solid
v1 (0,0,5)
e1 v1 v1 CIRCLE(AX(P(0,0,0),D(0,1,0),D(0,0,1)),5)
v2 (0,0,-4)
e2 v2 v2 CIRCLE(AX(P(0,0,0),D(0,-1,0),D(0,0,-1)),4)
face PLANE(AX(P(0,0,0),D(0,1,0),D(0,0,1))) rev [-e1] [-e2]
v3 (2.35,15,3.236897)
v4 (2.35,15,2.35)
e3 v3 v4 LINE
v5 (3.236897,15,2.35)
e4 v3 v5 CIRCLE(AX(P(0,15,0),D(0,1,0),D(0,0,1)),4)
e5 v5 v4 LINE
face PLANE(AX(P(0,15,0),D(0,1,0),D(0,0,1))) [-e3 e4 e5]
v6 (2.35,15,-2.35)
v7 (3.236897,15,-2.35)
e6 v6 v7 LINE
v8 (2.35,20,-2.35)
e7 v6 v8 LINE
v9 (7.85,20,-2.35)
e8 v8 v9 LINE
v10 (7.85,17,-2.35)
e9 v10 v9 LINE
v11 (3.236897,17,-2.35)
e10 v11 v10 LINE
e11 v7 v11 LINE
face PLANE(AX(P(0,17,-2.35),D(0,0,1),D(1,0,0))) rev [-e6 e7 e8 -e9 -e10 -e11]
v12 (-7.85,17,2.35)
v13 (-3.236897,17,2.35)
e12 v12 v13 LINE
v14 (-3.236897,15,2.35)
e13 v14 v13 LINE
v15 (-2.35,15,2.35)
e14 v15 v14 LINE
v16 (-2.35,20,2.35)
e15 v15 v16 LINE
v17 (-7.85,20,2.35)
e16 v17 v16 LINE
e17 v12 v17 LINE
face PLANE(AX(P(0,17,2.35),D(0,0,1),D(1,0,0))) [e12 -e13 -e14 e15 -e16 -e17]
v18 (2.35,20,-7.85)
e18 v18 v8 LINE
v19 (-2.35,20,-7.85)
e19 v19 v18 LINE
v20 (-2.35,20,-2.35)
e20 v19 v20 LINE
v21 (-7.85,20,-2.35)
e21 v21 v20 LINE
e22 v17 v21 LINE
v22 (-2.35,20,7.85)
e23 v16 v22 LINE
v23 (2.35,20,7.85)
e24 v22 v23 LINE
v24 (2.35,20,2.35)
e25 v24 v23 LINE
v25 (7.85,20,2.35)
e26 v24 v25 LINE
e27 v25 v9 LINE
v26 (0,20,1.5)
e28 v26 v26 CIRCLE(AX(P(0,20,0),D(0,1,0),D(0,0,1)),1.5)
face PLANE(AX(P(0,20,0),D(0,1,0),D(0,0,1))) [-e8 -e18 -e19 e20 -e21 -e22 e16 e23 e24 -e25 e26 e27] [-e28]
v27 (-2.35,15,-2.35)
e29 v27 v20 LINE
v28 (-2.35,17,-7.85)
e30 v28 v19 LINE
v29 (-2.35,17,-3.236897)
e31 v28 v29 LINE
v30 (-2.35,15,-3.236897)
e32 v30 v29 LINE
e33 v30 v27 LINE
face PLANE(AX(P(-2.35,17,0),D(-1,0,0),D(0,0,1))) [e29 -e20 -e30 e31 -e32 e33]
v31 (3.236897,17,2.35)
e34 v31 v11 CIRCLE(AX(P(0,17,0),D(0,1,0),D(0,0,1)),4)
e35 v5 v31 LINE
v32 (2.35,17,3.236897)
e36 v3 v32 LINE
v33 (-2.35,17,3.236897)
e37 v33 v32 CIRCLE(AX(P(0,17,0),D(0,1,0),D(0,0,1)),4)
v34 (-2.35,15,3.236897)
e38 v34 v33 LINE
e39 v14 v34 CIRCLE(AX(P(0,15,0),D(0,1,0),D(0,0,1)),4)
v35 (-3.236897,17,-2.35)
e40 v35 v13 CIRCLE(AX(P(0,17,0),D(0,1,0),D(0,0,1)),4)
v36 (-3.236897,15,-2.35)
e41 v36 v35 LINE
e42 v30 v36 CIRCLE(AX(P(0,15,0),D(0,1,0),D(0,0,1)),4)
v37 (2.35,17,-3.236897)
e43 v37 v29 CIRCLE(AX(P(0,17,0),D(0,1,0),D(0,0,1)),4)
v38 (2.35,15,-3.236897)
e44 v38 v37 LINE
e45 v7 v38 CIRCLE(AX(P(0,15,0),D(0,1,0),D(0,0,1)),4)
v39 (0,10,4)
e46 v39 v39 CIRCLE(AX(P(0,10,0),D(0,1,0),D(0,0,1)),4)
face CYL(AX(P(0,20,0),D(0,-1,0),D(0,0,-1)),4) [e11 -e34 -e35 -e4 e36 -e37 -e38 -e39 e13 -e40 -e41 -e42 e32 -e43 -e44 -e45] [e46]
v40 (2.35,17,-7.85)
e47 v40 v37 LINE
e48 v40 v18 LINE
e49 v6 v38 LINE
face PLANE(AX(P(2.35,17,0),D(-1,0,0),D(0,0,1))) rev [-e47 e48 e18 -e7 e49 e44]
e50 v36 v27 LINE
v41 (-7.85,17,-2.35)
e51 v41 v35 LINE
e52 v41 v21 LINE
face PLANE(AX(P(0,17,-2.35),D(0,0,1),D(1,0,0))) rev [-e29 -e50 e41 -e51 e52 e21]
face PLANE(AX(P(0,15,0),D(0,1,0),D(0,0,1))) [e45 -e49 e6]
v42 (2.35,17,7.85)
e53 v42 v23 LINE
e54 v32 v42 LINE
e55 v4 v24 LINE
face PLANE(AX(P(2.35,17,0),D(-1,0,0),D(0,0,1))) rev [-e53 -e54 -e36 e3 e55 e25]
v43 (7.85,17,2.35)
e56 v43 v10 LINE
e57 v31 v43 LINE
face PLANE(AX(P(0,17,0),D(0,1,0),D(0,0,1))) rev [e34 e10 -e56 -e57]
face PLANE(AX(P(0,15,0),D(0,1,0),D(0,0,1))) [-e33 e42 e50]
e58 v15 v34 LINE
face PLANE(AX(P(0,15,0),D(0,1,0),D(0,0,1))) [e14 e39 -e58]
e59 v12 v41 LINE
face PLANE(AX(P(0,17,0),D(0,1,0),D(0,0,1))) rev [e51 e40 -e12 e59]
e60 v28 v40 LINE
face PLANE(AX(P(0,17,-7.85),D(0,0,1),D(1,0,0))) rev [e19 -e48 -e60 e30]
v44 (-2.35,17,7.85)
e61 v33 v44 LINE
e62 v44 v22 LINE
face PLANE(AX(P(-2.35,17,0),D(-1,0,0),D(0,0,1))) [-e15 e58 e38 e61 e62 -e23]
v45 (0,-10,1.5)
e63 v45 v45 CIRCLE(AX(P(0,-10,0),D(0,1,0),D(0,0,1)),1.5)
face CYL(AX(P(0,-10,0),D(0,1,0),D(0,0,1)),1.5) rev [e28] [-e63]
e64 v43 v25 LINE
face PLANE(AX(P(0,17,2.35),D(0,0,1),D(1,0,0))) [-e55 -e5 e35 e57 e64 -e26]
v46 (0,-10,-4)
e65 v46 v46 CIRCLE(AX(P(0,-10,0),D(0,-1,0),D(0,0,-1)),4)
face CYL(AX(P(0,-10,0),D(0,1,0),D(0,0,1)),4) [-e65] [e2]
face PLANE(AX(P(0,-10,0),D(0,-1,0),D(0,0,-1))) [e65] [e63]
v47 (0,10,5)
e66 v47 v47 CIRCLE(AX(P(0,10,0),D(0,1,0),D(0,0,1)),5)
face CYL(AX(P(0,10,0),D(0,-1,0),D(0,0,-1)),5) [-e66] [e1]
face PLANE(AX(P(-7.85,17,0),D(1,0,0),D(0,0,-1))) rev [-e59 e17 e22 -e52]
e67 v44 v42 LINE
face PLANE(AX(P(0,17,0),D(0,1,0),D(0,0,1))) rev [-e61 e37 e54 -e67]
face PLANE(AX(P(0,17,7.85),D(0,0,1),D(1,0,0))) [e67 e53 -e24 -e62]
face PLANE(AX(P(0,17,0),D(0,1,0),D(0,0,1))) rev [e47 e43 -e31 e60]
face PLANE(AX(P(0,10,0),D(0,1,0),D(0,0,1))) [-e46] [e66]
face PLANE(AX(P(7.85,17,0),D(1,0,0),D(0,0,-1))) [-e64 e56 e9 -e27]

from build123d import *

# Parameters (mm, degrees)
SKETCH_1_R          = 5
EXTRUDE_4_DEPTH     = 10
SKETCH_4_R          = 4
EXTRUDE_5_DEPTH     = 10
EXTRUDE_START       = 10
SKETCH_5_R          = 4
EXTRUDE_6_DEPTH     = 10
EXTRUDE_START_2     = -3
SKETCH_6_W          = 4.7
SKETCH_6_H          = 4.7
EXTRUDE_7_DEPTH     = 3
CUT_EXTRUDE_START   = -5
CUT_EXTRUDE_1_DEPTH = 5
SKETCH_8_R          = 1.5
CUT_EXTRUDE_2_DEPTH = 32.98820095


with BuildPart() as part:
    # 草图1 → 凸台-拉伸4 (new body)
    with BuildSketch(Plane(origin=(0, 0, 0), x_dir=(1, 0, 0), z_dir=(0, 1, 0))):
        with Locations(Location((0, 0, 0), (0, 0, 270))):
            Circle(SKETCH_1_R)
    extrude(amount=EXTRUDE_4_DEPTH)

    # 草图4 → 凸台-拉伸5 (add)
    with BuildSketch(Plane(origin=(0, 10, 0), x_dir=(1, 0, 0), z_dir=(0, 1, 0))):
        with Locations(Location((0, 0, 0), (0, 0, 270))):
            Circle(SKETCH_4_R)
    extrude(amount=EXTRUDE_5_DEPTH)

    # 草图5 → 凸台-拉伸6 (add)
    with BuildSketch(Plane.XZ.offset(EXTRUDE_START)):
        with Locations(Location((0, 0, 0), (0, 0, 90))):
            Circle(SKETCH_5_R)
    extrude(amount=-EXTRUDE_6_DEPTH)

    # 草图6 → 凸台-拉伸7 (add)
    with BuildSketch(Plane(origin=(0, 20, 0), x_dir=(1, 0, 0), z_dir=(0, 1, 0)).offset(EXTRUDE_START_2)):
        with BuildLine():
            Line((-7.85, 2.35), (-7.85, -2.35))
            Line((-7.85, -2.35), (-3.236896662, -2.35))
            ThreePointArc((-3.236896662, -2.35), (-4, 0), (-3.236896662, 2.35))
            Line((-3.236896662, 2.35), (-7.85, 2.35))
        make_face()
        with BuildLine():
            Line((-2.35, 7.85), (-2.35, 3.236896662))
            ThreePointArc((-2.35, 3.236896662), (0, 4), (2.35, 3.236896662))
            Line((2.35, 3.236896662), (2.35, 7.85))
            Line((2.35, 7.85), (-2.35, 7.85))
        make_face()
        with BuildLine():
            ThreePointArc((4, 0), (3.804443892, -1.235397376), (3.236896662, -2.35))
            Line((3.236896662, -2.35), (7.85, -2.35))
            Line((7.85, -2.35), (7.85, 2.35))
            Line((7.85, 2.35), (3.236896662, 2.35))
            ThreePointArc((3.236896662, 2.35), (3.804443892, 1.235397376), (4, 0))
        make_face()
        with BuildLine():
            ThreePointArc((2.35, -3.236896662), (0, -4), (-2.35, -3.236896662))
            Line((-2.35, -3.236896662), (-2.35, -7.85))
            Line((-2.35, -7.85), (2.35, -7.85))
            Line((2.35, -7.85), (2.35, -3.236896662))
        make_face()
        with BuildLine():
            Line((2.35, -2.35), (-2.35, -2.35))
            Line((-2.35, -2.35), (-2.35, -3.236896662))
            ThreePointArc((-2.35, -3.236896662), (0, -4), (2.35, -3.236896662))
            Line((2.35, -3.236896662), (2.35, -2.35))
        make_face()
        with BuildLine():
            Line((2.35, 2.35), (2.35, -2.35))
            Line((2.35, -2.35), (3.236896662, -2.35))
            ThreePointArc((3.236896662, -2.35), (3.804443892, -1.235397376), (4, 0))
            ThreePointArc((4, 0), (3.804443892, 1.235397376), (3.236896662, 2.35))
            Line((3.236896662, 2.35), (2.35, 2.35))
        make_face()
        with BuildLine():
            Line((-2.35, 3.236896662), (-2.35, 2.35))
            Line((-2.35, 2.35), (2.35, 2.35))
            Line((2.35, 2.35), (2.35, 3.236896662))
            ThreePointArc((2.35, 3.236896662), (0, 4), (-2.35, 3.236896662))
        make_face()
        with BuildLine():
            ThreePointArc((-3.236896662, 2.35), (-4, 0), (-3.236896662, -2.35))
            Line((-3.236896662, -2.35), (-2.35, -2.35))
            Line((-2.35, -2.35), (-2.35, 2.35))
            Line((-2.35, 2.35), (-3.236896662, 2.35))
        make_face()
        Rectangle(SKETCH_6_W, SKETCH_6_H)
    extrude(amount=EXTRUDE_7_DEPTH)

    # 草图7 → 切除-拉伸1 (cut)
    with BuildSketch(Plane(origin=(0, 20, 0), x_dir=(1, 0, 0), z_dir=(0, 1, 0)).offset(CUT_EXTRUDE_START)):
        with BuildLine():
            Line((-2.35, -2.35), (-3.236896662, -2.35))
            ThreePointArc((-3.236896662, -2.35), (-2.828427125, -2.828427125), (-2.35, -3.236896662))
            Line((-2.35, -3.236896662), (-2.35, -2.35))
        make_face()
        with BuildLine():
            Line((3.236896662, -2.35), (2.35, -2.35))
            Line((2.35, -2.35), (2.35, -3.236896662))
            ThreePointArc((2.35, -3.236896662), (2.828427125, -2.828427125), (3.236896662, -2.35))
        make_face()
        with BuildLine():
            Line((2.35, 3.236896662), (2.35, 2.35))
            Line((2.35, 2.35), (3.236896662, 2.35))
            ThreePointArc((3.236896662, 2.35), (2.828427125, 2.828427125), (2.35, 3.236896662))
        make_face()
        with BuildLine():
            ThreePointArc((-2.35, 3.236896662), (-2.828427125, 2.828427125), (-3.236896662, 2.35))
            Line((-3.236896662, 2.35), (-2.35, 2.35))
            Line((-2.35, 2.35), (-2.35, 3.236896662))
        make_face()
    extrude(amount=CUT_EXTRUDE_1_DEPTH, mode=Mode.SUBTRACT)

    # 草图8 → 切除-拉伸2 (cut, through all)
    with BuildSketch(Plane(origin=(0, 20, 0), x_dir=(1, 0, 0), z_dir=(0, 1, 0))):
        with Locations(Location((0, 0, 0), (0, 0, 270))):
            Circle(SKETCH_8_R)
    extrude(amount=-CUT_EXTRUDE_2_DEPTH, mode=Mode.SUBTRACT)


solid = part.part
